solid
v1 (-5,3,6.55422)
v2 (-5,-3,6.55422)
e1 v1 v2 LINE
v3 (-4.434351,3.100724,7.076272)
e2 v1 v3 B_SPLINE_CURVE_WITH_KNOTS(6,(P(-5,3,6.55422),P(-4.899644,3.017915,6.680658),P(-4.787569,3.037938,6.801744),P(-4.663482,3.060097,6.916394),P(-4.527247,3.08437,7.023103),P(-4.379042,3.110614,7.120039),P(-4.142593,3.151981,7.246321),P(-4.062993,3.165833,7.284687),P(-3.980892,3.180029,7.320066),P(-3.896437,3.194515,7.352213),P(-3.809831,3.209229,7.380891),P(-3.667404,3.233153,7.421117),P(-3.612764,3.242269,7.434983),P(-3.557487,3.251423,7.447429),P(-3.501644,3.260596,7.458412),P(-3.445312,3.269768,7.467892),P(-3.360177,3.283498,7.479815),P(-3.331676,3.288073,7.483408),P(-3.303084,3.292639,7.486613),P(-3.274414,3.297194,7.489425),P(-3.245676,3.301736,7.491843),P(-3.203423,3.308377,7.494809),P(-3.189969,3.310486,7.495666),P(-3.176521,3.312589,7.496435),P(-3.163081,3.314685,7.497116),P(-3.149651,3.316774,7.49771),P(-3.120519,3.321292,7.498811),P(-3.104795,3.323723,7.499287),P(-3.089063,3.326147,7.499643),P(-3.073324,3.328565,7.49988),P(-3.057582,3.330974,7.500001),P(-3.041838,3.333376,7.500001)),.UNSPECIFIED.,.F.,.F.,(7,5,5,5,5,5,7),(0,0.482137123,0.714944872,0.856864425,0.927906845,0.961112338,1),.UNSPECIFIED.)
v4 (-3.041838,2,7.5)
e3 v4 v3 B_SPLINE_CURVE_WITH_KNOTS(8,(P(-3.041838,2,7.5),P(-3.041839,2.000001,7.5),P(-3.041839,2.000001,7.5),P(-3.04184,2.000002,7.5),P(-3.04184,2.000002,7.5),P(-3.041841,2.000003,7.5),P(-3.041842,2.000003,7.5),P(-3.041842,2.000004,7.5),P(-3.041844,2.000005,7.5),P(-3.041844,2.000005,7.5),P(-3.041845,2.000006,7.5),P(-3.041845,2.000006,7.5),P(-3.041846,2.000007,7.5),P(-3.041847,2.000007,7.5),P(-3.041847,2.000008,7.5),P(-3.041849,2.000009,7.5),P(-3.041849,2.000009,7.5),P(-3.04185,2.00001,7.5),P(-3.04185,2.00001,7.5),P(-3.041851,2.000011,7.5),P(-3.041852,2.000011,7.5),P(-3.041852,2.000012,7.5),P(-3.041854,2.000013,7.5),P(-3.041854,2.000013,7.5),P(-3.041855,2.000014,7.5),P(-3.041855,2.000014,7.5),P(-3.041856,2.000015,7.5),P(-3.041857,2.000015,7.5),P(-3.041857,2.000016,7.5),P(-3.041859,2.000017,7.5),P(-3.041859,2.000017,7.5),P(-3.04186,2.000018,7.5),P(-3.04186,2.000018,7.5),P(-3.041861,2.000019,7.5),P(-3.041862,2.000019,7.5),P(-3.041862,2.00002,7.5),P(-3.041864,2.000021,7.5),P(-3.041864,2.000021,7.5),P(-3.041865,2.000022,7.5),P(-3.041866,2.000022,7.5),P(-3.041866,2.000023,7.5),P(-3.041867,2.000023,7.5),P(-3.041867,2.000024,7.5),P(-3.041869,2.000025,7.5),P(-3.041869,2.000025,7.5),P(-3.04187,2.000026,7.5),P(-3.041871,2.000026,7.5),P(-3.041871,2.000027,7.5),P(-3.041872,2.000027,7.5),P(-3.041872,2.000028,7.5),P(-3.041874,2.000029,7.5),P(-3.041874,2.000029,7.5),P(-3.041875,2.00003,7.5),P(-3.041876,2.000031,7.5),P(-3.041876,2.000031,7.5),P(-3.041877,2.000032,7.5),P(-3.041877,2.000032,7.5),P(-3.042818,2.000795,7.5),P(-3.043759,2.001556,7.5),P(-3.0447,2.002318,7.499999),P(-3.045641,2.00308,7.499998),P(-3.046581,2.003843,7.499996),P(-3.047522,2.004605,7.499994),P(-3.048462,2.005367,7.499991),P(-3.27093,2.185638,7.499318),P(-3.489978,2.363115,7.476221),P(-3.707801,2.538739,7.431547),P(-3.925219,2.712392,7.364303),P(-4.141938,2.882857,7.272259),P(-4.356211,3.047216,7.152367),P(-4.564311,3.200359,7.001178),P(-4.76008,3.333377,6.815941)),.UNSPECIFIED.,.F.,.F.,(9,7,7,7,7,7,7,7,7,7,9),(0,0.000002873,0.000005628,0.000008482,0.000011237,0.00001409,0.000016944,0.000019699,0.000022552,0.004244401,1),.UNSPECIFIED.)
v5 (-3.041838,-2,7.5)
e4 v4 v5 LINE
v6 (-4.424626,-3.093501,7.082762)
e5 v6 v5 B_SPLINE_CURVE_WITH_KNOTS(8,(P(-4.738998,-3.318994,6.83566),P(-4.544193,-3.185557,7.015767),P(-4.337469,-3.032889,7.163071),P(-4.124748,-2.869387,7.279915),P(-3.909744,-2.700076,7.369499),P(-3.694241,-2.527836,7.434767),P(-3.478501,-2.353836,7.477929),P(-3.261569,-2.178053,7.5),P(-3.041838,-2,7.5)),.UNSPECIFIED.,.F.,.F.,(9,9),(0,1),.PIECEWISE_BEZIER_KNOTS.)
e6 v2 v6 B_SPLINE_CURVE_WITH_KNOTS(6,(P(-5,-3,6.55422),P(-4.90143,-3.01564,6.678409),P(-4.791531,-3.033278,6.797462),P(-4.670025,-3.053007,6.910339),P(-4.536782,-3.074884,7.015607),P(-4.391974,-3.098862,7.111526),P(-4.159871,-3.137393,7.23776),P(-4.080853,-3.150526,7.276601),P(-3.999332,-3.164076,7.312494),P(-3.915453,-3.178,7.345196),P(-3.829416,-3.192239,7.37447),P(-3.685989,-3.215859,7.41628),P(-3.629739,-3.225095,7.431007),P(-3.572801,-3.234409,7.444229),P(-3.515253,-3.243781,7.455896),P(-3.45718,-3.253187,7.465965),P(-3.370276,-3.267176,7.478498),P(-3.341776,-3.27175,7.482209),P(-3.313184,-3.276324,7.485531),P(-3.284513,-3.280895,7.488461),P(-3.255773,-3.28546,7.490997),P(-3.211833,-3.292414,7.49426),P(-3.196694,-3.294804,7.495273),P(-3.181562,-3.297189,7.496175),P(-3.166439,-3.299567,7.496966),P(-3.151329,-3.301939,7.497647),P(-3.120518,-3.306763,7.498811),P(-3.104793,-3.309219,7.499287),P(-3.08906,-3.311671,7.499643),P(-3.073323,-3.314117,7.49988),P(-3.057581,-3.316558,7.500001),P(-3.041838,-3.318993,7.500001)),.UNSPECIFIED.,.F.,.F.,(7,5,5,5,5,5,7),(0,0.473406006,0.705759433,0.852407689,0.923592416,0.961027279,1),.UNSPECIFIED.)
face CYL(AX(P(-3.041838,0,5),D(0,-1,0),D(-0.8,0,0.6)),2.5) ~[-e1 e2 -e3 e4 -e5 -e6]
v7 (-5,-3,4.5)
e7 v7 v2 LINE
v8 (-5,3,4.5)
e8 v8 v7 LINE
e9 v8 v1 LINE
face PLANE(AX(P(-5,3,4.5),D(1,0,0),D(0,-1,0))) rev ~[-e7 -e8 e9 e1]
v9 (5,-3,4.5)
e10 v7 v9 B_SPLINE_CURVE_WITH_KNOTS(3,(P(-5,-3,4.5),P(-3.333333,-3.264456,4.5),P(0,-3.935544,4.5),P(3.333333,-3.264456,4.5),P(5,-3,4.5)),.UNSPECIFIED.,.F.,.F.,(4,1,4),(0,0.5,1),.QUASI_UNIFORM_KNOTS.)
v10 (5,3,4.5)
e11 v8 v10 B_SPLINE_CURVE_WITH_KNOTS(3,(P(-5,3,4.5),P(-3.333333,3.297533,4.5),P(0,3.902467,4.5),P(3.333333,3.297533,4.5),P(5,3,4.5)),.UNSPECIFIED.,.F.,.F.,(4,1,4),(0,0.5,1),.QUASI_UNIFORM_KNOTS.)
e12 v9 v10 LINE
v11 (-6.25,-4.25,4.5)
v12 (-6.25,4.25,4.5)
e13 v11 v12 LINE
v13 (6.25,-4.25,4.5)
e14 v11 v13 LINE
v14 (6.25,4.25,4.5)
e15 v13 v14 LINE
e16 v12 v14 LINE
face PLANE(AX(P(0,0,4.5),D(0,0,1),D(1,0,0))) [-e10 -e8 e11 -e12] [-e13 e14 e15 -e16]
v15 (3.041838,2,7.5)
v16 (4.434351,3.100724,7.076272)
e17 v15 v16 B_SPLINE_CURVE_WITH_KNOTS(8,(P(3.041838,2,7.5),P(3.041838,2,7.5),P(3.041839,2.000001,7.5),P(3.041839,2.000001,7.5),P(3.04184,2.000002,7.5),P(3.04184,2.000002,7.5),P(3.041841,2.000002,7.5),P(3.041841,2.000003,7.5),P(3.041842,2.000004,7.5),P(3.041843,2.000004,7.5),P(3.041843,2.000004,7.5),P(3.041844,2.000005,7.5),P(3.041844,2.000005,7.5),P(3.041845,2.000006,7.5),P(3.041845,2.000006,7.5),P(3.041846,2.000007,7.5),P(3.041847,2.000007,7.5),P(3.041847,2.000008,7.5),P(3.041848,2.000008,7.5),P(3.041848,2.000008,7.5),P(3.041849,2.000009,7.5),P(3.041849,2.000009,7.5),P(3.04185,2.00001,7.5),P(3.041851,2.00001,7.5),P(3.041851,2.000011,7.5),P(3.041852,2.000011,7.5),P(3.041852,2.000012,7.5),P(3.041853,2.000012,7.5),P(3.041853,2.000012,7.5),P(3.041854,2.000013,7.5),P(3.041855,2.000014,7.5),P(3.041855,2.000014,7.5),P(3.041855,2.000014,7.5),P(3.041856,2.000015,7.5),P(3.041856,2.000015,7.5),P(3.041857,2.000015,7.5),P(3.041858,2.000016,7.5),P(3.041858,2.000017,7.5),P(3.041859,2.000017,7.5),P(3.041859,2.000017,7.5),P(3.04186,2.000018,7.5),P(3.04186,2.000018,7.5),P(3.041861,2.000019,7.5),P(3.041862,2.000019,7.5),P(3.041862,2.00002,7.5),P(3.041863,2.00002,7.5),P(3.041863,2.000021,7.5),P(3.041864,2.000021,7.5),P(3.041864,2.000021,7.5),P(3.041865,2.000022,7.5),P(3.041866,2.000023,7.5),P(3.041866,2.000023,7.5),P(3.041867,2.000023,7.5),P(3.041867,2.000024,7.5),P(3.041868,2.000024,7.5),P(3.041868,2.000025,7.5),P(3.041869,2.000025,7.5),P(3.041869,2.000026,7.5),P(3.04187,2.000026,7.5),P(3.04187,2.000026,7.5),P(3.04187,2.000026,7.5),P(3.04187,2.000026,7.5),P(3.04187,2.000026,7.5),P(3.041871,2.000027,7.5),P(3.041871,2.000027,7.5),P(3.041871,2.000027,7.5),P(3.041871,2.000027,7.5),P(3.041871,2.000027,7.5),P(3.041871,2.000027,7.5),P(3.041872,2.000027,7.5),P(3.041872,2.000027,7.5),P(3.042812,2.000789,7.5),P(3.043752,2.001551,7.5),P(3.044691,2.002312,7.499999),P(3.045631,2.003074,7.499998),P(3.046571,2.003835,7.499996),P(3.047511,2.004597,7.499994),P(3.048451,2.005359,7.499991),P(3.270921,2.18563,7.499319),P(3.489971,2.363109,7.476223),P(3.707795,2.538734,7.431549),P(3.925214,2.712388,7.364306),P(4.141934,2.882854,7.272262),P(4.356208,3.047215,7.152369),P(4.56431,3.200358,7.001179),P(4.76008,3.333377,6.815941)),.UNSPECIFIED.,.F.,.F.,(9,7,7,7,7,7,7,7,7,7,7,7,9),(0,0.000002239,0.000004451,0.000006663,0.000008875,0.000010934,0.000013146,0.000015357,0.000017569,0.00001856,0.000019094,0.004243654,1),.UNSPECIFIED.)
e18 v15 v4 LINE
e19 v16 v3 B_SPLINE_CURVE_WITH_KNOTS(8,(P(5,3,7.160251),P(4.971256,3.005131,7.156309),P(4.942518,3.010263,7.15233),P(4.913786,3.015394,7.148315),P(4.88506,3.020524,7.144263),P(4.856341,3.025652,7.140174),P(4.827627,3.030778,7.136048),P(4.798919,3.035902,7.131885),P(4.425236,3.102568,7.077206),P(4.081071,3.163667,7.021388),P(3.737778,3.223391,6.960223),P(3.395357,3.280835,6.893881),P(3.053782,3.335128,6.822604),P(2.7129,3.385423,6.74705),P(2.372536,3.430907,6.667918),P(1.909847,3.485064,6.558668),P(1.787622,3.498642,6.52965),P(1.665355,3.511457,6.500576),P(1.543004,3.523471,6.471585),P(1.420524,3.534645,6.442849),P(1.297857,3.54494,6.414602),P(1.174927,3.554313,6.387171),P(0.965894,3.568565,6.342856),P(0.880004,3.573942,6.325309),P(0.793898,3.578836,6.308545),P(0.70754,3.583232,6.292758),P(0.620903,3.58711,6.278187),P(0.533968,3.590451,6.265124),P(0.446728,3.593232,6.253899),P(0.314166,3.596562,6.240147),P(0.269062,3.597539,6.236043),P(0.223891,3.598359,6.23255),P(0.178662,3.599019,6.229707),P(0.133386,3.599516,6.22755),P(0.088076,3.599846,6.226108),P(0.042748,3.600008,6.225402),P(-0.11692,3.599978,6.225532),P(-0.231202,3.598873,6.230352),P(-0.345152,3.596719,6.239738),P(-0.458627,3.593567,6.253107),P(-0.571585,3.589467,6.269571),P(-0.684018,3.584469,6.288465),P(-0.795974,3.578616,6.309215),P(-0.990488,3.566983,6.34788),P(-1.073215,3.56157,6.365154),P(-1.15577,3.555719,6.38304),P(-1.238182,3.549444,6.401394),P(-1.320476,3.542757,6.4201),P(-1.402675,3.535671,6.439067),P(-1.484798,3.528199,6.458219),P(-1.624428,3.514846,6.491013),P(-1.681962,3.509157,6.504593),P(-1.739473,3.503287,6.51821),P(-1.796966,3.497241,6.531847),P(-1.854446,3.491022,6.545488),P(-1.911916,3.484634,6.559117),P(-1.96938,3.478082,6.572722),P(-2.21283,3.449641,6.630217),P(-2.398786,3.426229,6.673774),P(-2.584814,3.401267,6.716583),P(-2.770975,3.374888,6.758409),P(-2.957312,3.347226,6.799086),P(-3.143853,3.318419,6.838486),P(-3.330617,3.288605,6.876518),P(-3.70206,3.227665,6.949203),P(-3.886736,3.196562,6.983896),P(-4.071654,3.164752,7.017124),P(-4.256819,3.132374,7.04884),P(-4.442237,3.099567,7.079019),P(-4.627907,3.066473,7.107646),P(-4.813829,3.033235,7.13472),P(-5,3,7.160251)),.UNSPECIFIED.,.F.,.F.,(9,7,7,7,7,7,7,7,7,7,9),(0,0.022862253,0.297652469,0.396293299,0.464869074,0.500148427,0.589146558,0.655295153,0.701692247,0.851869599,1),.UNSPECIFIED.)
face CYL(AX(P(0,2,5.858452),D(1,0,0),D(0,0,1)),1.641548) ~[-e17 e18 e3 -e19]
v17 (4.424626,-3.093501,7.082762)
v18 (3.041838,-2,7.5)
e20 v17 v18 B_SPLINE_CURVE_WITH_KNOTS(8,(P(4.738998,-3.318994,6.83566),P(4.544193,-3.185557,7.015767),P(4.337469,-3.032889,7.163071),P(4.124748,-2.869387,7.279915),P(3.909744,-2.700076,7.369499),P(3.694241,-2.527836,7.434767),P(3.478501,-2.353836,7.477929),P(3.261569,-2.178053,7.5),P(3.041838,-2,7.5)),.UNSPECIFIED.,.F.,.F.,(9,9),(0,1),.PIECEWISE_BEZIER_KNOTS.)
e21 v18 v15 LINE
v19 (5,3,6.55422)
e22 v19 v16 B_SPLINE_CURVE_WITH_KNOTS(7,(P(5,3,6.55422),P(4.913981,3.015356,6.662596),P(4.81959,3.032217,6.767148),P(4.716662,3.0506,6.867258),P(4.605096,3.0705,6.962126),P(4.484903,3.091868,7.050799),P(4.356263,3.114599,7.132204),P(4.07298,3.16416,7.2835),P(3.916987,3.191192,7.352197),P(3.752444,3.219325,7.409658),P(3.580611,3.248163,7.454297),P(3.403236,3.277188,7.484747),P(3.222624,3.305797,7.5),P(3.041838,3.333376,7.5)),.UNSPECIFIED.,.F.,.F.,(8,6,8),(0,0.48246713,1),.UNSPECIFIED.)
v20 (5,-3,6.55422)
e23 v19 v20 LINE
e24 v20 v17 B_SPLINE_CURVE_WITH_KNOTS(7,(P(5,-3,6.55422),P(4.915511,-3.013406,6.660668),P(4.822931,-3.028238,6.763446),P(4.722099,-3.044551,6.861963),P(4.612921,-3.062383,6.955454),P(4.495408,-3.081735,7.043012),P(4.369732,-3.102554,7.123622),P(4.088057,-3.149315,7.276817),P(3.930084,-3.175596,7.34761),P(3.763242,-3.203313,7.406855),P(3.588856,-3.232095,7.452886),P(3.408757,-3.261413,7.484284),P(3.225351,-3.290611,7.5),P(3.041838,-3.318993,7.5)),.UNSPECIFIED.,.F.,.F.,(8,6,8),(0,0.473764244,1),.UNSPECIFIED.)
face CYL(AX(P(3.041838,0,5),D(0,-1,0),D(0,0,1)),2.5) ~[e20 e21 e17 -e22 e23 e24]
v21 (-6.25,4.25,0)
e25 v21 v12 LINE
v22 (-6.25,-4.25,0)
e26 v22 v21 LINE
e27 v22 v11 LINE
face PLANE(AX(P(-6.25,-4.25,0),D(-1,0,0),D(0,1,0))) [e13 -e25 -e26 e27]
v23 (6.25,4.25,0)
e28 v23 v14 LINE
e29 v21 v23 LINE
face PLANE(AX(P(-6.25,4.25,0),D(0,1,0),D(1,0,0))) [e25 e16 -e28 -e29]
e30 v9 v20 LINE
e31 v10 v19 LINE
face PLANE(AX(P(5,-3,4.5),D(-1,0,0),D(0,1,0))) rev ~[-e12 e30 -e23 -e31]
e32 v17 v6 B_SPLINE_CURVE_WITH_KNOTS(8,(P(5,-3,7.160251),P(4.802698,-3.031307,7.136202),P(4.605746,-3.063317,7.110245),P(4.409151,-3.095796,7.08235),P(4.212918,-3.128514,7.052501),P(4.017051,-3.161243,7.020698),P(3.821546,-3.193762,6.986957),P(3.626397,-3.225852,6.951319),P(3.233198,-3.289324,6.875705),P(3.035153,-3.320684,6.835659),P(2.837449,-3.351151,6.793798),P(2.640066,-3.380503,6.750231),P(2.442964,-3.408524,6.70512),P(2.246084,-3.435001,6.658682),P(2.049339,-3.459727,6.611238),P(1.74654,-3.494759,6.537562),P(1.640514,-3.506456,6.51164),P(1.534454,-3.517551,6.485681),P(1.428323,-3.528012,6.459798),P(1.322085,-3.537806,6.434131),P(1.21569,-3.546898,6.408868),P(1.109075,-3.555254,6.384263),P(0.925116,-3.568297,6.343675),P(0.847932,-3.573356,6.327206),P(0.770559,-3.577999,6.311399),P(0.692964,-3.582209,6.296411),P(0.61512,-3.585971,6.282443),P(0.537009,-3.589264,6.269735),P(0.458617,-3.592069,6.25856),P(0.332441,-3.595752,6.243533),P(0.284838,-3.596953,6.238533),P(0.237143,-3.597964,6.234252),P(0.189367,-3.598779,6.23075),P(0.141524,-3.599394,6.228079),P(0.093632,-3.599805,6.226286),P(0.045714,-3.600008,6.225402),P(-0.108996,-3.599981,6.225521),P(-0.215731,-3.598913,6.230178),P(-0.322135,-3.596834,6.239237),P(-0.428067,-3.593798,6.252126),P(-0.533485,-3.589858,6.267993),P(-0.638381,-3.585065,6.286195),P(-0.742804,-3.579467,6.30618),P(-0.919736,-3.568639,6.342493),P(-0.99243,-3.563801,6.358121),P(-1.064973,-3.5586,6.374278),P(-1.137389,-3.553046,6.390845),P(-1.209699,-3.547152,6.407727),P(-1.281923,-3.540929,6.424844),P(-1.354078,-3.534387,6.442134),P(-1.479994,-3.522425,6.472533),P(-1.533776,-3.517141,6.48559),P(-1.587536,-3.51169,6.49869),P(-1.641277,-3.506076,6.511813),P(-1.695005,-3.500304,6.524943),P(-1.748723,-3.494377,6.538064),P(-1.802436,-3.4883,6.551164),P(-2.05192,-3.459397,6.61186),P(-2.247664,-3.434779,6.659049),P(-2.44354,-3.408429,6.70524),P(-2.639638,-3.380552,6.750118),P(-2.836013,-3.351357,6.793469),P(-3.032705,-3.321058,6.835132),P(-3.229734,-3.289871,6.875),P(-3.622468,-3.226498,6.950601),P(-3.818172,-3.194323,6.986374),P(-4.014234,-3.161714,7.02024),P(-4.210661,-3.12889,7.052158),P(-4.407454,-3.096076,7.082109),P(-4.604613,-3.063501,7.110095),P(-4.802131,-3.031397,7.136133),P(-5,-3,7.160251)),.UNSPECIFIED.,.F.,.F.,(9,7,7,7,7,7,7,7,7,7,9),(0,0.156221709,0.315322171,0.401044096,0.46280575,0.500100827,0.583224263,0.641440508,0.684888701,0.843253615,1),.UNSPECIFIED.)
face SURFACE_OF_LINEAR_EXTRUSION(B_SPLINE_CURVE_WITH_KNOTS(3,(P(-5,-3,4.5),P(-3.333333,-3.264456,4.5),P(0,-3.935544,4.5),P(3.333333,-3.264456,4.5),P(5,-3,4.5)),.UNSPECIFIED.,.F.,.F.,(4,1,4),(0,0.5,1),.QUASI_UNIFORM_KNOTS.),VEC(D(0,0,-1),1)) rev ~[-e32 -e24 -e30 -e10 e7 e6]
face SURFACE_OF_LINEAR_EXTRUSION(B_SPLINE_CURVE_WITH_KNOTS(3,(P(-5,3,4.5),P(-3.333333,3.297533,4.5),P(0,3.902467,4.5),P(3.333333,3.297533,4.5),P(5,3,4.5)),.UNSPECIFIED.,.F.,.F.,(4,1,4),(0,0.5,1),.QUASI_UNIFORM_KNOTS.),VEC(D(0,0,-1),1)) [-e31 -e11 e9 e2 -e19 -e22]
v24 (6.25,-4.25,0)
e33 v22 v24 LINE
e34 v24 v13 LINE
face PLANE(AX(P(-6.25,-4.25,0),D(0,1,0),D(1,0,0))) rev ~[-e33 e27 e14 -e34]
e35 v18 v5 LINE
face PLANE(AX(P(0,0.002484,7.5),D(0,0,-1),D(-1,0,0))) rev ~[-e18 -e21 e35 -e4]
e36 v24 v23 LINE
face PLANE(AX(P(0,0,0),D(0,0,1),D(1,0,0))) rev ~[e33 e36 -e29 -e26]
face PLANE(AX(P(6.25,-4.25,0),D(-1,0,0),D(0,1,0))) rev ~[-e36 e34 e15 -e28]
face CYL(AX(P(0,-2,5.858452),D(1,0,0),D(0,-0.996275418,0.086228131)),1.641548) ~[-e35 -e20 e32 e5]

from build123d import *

# Parameters (mm, degrees)
F0_W     = 12.5
F0_H     = 8.5
F1_DEPTH = 4.5
F3_DEPTH = 3
F5_DEPTH = 12.5
F7_DEPTH = 12.5


with BuildPart() as f1:
    # F0 (on Top) → F1 (new body)
    with BuildSketch(Plane.XY):
        Rectangle(F0_W, F0_H)
    extrude(amount=F1_DEPTH)

    # F2 (on face) → F3 (join)
    with BuildSketch(Plane.XY.offset(4.5)):
        with BuildLine():
            add(Edge.make_bspline(
                [(-5, 3), (-3.3333333333, 3.2975326627), (0, 3.9024673373), (3.3333333333, 3.2975326627), (5, 3)],
                knots=[0, 0, 0, 0, 0.5, 1, 1, 1, 1], degree=3))
            Line((-5, 3), (-5, -3))
            add(Edge.make_bspline(
                [(-5, -3), (-3.3333333333, -3.2644556938), (0, -3.9355443062), (3.3333333333, -3.2644556938), (5, -3)],
                knots=[0, 0, 0, 0, 0.5, 1, 1, 1, 1], degree=3))
            Line((5, -3), (5, 3))
        make_face()
    extrude(amount=F3_DEPTH)

    # F4 (on Front) → F5 (cut, symmetric)
    with BuildSketch(Plane.XZ):
        with BuildLine():
            Line((5.0418378521, 7.7276835956), (-5.0418378521, 7.7276835956))
            Line((-5.0418378521, 7.7276835956), (-5.0418378521, 6.5))
            ThreePointArc((-5.0418378521, 6.5), (-4.1598718408, 7.2360679775), (-3.0418378521, 7.5))
            Line((-3.0418378521, 7.5), (3.0418378521, 7.5))
            ThreePointArc((3.0418378521, 7.5), (4.1598718408, 7.2360679775), (5.0418378521, 6.5))
            Line((5.0418378521, 6.5), (5.0418378521, 7.7276835956))
        make_face()
    extrude(amount=F5_DEPTH, both=True, mode=Mode.SUBTRACT)

    # F6 (on Right) → F7 (cut, symmetric)
    with BuildSketch(Plane.YZ):
        with BuildLine():
            Line((3.6354335025, 6), (3.6354335025, 7.9630231485))
            Line((3.6354335025, 7.9630231485), (-3.6354335025, 7.9630231485))
            Line((-3.6354335025, 7.9630231485), (-3.6354335025, 6))
            ThreePointArc((-3.6354335025, 6), (-3.1095768046, 7.0682118062), (-2, 7.5))
            Line((-2, 7.5), (2, 7.5))
            ThreePointArc((2, 7.5), (3.1095768046, 7.0682118062), (3.6354335025, 6))
        make_face()
    extrude(amount=F7_DEPTH, both=True, mode=Mode.SUBTRACT)


solid = f1.part
